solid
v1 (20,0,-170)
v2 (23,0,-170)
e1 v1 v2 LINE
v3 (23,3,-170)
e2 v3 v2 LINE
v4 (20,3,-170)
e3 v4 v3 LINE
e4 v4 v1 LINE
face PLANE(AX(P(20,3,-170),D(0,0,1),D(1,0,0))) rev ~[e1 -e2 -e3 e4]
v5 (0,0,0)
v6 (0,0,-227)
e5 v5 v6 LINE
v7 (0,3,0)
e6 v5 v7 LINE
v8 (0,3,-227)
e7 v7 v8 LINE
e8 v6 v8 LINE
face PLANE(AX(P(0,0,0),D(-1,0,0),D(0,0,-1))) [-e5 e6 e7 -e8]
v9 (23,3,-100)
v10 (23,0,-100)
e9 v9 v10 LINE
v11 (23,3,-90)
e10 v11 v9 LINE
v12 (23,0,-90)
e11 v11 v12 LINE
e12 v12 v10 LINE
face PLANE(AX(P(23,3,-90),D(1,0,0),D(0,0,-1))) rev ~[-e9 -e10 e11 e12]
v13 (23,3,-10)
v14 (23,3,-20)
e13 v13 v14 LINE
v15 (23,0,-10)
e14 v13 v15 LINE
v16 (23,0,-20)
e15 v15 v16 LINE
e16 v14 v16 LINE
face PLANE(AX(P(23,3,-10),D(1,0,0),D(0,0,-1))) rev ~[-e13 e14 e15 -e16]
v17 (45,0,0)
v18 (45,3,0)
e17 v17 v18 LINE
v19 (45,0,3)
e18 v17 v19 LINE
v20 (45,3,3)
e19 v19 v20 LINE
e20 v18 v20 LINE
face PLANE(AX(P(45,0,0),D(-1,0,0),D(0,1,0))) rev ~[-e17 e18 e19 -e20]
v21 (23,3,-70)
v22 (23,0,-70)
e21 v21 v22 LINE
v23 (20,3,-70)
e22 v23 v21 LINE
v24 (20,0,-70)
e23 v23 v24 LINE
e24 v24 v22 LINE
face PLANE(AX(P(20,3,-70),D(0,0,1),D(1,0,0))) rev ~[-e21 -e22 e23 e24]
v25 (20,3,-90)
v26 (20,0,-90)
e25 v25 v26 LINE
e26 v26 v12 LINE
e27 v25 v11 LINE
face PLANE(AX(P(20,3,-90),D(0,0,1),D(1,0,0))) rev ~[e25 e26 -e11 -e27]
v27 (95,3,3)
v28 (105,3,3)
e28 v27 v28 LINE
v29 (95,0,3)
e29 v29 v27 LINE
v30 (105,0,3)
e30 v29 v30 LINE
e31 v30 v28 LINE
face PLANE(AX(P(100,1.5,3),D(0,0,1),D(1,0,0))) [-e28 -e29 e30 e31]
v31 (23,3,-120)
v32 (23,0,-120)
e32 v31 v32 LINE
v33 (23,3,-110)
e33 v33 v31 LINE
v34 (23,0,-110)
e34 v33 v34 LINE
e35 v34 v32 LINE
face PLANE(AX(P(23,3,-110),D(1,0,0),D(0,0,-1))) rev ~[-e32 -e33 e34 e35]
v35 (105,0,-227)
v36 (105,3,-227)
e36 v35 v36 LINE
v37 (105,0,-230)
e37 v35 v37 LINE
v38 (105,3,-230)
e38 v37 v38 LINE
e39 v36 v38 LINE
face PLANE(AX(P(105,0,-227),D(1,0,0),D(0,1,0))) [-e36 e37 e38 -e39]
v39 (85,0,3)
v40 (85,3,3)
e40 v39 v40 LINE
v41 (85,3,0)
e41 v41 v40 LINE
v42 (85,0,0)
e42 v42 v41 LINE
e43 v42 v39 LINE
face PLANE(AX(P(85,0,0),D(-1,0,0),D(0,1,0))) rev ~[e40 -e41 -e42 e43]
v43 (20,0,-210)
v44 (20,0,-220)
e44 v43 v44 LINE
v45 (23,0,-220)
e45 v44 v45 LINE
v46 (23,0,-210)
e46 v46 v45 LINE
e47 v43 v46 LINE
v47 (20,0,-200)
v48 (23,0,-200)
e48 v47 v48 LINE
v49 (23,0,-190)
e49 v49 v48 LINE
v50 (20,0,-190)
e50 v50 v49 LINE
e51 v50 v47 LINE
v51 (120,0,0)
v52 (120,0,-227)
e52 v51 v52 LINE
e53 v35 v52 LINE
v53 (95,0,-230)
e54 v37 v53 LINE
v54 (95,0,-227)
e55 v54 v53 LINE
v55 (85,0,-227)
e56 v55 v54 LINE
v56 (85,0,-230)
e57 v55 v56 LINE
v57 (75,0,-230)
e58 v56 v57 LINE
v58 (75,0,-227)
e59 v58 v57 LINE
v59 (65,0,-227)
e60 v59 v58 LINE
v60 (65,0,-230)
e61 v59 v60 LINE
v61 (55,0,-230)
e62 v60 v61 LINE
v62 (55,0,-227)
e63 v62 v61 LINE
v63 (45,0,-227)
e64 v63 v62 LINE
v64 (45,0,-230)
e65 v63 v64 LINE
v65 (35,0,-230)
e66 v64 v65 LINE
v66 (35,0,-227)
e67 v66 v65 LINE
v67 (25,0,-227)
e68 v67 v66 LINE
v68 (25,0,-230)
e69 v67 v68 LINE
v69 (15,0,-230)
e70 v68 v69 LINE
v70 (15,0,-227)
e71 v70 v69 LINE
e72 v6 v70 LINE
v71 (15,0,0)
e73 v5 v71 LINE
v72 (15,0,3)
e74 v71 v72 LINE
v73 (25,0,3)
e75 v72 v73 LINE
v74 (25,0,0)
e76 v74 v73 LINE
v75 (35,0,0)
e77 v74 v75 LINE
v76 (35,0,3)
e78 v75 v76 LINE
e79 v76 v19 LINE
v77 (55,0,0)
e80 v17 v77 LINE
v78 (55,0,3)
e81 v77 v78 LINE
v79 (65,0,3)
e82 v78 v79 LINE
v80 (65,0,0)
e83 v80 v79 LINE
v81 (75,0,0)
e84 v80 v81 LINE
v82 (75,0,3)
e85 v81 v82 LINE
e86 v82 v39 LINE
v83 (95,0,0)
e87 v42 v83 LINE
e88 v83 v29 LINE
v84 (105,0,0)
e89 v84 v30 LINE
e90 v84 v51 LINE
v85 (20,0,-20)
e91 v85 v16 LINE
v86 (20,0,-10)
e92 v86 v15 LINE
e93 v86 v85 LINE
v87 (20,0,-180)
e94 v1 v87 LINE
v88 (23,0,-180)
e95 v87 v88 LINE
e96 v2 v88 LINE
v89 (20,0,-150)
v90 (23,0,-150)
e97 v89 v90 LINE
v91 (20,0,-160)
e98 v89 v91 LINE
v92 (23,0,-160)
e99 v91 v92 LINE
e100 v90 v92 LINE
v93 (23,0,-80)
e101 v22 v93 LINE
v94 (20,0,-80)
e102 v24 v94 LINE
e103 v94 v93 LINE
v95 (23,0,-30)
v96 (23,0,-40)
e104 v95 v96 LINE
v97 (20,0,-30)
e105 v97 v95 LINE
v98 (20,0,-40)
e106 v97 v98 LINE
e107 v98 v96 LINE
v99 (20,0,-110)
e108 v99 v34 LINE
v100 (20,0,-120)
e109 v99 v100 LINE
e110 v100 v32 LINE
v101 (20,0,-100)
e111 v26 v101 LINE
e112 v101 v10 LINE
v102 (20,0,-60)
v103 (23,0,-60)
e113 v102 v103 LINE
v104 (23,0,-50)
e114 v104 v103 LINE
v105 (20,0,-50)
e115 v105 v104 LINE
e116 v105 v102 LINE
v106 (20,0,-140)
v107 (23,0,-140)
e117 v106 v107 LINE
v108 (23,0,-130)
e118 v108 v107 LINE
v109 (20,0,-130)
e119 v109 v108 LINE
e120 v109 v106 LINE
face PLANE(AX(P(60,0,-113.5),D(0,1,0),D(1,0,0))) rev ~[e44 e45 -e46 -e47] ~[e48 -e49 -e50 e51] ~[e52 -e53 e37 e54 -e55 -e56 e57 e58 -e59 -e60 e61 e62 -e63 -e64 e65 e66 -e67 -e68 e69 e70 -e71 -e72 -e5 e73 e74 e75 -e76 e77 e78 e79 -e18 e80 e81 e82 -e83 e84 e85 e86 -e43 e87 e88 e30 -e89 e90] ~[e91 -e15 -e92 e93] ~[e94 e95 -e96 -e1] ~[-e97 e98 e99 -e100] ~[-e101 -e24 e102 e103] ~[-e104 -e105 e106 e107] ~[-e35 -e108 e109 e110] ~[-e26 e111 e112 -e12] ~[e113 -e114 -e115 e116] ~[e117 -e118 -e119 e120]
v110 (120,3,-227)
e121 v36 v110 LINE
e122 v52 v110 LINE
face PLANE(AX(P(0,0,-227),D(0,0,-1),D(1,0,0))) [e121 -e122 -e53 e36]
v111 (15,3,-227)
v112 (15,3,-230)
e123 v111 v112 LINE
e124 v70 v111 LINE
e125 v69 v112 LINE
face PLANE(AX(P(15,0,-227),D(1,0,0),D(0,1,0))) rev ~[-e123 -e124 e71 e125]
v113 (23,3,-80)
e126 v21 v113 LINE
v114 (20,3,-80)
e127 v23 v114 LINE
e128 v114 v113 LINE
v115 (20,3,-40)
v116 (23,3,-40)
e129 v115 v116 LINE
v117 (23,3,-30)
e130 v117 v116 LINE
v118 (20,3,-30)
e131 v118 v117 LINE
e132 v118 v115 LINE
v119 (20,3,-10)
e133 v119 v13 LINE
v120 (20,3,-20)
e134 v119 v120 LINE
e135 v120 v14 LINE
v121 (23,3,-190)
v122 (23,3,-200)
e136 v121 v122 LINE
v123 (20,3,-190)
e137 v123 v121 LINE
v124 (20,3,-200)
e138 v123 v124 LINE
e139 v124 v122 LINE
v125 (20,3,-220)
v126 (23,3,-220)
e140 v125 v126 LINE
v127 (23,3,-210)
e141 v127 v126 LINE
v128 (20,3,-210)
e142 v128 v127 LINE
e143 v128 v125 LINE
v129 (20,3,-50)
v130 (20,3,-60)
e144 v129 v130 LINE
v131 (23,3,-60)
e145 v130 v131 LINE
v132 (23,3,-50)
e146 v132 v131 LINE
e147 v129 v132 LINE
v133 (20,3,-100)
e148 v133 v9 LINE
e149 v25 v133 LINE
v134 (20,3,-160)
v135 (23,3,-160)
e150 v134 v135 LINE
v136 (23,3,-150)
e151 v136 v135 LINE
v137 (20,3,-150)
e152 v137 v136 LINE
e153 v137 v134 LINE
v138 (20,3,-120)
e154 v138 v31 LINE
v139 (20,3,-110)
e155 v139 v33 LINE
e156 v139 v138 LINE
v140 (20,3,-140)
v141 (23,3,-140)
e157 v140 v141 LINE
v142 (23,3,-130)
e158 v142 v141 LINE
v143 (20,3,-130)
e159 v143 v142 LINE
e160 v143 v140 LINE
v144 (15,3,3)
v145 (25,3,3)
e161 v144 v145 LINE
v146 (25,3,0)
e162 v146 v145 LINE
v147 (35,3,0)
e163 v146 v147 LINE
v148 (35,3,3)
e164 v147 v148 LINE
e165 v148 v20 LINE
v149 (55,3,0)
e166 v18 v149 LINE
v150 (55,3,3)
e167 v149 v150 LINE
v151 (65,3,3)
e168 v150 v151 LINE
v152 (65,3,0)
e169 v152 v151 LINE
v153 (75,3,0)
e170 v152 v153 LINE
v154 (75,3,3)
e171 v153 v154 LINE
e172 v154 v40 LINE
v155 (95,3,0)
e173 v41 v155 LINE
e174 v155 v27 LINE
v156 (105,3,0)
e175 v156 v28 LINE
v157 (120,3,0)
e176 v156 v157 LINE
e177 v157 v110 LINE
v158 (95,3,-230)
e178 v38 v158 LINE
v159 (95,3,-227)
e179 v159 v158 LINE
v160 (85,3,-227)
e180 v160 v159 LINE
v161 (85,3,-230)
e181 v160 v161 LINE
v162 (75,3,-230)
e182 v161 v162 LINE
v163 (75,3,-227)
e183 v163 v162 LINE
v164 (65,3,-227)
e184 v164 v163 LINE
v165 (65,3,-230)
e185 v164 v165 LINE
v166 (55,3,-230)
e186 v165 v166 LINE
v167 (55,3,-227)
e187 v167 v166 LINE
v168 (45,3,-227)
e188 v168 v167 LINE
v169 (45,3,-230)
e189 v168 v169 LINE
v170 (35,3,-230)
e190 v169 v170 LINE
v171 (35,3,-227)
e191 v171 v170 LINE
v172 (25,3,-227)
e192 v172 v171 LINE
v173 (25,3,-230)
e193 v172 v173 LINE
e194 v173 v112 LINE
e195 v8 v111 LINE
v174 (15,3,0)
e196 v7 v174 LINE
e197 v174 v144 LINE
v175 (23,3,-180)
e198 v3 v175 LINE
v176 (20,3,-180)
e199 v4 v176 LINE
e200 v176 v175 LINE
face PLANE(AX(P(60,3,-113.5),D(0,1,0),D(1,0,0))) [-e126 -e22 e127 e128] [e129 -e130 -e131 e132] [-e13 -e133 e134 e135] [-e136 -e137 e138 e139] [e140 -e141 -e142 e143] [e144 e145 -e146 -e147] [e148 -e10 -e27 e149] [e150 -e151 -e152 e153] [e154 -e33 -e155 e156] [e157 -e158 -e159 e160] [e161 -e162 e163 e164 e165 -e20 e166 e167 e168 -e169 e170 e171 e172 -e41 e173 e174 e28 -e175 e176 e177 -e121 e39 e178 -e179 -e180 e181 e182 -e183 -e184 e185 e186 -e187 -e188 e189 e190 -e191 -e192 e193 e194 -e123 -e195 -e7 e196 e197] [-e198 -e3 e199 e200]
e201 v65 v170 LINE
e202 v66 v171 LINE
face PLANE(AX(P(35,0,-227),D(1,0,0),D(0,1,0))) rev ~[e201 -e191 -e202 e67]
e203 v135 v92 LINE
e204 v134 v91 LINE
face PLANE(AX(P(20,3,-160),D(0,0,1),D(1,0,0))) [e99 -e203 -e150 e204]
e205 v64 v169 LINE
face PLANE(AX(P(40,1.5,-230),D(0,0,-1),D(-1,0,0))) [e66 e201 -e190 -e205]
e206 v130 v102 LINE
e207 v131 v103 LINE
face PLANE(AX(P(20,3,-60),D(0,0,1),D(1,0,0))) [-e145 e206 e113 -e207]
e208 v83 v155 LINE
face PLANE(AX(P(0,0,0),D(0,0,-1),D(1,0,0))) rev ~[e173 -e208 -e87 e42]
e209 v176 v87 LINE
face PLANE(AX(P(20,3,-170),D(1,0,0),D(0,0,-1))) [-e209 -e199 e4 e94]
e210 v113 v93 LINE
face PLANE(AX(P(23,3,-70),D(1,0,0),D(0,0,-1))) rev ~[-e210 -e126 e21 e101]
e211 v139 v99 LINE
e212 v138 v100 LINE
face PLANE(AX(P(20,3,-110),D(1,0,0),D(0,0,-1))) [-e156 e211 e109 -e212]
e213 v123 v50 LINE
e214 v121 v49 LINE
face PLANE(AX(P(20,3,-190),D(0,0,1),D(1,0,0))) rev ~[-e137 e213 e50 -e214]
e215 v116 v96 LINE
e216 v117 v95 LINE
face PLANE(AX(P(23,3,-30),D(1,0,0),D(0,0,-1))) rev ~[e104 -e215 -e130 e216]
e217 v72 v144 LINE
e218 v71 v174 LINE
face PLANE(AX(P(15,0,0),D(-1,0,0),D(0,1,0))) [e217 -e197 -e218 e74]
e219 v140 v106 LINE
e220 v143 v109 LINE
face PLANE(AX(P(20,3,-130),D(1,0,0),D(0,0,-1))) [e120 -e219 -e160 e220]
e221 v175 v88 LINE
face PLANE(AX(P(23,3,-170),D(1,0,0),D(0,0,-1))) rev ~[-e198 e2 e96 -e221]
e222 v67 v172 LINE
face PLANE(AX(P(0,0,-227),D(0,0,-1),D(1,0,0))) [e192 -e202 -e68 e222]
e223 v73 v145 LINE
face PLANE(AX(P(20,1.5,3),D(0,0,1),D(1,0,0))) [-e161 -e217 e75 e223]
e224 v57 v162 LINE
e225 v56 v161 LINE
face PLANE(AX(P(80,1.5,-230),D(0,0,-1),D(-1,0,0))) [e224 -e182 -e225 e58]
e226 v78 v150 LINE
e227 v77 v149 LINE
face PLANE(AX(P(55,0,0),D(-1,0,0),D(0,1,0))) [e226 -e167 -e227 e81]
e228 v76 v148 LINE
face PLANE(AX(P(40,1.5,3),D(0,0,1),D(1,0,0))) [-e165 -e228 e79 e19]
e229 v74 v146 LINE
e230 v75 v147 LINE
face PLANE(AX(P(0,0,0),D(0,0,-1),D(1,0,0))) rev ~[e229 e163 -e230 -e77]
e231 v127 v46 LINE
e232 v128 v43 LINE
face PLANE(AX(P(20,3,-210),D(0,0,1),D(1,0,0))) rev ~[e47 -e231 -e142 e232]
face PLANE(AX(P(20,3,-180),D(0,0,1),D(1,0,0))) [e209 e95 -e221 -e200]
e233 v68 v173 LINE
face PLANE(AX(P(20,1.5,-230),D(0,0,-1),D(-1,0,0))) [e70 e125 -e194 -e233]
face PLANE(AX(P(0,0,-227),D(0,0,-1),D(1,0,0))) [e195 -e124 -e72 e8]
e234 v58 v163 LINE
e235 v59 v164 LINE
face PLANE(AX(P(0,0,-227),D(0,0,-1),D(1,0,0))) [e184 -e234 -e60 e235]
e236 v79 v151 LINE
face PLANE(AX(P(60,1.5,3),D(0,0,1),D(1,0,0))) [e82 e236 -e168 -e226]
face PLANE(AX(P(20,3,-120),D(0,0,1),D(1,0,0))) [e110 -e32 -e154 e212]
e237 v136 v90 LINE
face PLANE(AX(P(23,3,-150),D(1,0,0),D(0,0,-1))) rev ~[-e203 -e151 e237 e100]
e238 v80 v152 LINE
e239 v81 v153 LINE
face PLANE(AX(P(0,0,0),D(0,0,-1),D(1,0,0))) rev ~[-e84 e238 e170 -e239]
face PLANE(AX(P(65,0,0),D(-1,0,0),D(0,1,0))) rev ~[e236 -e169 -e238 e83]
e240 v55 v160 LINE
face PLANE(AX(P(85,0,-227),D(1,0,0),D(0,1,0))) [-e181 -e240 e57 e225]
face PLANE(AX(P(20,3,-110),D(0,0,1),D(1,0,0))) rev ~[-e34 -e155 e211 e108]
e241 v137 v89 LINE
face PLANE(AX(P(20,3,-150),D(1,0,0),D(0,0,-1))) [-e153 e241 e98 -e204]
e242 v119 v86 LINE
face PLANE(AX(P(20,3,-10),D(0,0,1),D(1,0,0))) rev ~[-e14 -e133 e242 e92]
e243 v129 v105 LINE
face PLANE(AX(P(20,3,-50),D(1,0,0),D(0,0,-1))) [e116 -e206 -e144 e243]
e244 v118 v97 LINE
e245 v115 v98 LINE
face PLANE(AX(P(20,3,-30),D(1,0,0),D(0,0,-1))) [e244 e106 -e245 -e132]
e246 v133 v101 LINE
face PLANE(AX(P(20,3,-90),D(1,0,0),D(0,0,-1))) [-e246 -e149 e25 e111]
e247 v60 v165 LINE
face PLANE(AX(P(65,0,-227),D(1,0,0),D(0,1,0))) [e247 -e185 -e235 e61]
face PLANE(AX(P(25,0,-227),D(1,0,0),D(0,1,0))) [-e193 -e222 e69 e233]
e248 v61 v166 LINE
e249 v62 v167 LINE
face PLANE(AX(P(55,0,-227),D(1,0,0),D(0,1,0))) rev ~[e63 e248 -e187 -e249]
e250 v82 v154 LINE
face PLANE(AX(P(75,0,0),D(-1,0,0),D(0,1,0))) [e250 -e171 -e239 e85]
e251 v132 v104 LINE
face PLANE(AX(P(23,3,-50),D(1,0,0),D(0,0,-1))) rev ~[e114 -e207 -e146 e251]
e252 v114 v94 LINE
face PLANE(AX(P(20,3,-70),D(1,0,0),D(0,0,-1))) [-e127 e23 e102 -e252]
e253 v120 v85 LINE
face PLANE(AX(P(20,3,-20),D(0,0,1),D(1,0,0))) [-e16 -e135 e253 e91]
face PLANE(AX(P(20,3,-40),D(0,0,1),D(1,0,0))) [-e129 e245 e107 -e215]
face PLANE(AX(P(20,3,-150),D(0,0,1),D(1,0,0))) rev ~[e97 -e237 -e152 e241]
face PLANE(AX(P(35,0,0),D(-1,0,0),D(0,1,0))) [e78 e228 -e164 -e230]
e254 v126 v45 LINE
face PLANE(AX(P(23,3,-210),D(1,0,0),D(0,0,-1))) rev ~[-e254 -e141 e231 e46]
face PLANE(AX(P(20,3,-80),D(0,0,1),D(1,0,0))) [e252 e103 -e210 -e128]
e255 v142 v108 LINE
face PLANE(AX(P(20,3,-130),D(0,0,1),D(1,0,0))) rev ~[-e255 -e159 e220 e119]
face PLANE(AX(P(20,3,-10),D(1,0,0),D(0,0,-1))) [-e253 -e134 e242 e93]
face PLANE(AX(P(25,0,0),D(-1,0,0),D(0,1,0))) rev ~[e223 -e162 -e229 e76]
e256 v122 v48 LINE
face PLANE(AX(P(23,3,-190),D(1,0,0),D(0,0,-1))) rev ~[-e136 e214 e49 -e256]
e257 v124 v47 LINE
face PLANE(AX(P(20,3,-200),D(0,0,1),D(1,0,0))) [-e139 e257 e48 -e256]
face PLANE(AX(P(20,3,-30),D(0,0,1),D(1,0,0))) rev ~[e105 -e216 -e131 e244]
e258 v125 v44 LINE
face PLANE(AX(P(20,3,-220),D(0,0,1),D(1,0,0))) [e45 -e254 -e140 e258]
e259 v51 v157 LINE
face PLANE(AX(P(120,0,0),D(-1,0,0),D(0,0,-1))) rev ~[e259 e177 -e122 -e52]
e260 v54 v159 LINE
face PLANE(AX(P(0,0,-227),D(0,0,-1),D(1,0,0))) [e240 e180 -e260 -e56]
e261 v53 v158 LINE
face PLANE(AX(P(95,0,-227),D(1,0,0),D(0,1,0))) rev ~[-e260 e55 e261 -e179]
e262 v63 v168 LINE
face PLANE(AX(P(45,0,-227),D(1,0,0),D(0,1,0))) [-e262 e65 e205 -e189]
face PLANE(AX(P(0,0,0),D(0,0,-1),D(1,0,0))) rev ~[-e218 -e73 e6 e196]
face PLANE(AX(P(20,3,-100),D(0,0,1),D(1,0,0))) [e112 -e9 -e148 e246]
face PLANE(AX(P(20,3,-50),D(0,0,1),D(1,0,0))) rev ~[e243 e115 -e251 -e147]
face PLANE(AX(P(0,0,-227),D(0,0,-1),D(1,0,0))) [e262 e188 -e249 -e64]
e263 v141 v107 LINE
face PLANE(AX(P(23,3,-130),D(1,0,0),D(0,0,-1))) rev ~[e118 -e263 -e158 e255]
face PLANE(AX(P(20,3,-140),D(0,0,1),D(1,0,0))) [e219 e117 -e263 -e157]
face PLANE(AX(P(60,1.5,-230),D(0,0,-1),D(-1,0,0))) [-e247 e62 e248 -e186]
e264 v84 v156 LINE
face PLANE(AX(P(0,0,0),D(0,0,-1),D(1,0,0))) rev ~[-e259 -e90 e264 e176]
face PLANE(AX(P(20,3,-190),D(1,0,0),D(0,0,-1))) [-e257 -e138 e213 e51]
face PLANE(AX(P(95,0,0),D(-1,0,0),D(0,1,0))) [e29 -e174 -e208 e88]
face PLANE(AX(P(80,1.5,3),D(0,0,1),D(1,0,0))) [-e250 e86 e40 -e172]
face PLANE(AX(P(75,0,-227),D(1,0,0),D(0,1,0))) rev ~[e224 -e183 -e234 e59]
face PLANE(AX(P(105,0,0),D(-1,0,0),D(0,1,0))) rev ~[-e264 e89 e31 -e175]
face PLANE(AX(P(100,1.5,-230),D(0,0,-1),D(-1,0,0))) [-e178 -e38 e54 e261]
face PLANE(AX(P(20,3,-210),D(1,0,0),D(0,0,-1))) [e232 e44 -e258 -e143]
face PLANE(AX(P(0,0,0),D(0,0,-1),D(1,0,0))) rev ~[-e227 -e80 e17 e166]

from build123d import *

# Parameters (mm, degrees)
SKETCH1_W           = 120
SKETCH1_H           = 227
BOSS_EXTRUDE1_DEPTH = 3
SKETCH2_W           = 10
SKETCH2_H           = 3
BOSS_EXTRUDE2_DEPTH = 3
LPATTERN1_COUNT     = 5
LPATTERN1_PITCH     = 20
SKETCH3_W           = 10
SKETCH3_H           = 3
BOSS_EXTRUDE3_DEPTH = 3
LPATTERN2_COUNT     = 5
LPATTERN2_PITCH     = 20
SKETCH4_W           = 3
SKETCH4_H           = 10
CUT_EXTRUDE1_DEPTH  = 4
LPATTERN3_COUNT     = 11
LPATTERN3_PITCH     = 20


with BuildPart() as part:
    # Sketch1 → Boss-Extrude1 (new body)
    with BuildSketch(Plane(origin=(0, 0, 0), x_dir=(1, 0, 0), z_dir=(0, 1, 0))):
        with Locations((60, 113.5)):
            Rectangle(SKETCH1_W, SKETCH1_H)
    extrude(amount=BOSS_EXTRUDE1_DEPTH)

    # Sketch2 → Boss-Extrude2 (add)
    with BuildSketch(Plane.XY):
        with Locations((20, 1.5)):
            Rectangle(SKETCH2_W, SKETCH2_H)
    boss_extrude2 = extrude(amount=BOSS_EXTRUDE2_DEPTH)

    # LPattern1: Boss-Extrude2 ×5
    with Locations(*[(i * LPATTERN1_PITCH, 0, 0) for i in range(1, LPATTERN1_COUNT)]):
        add(boss_extrude2)

    # Sketch3 → Boss-Extrude3 (add)
    with BuildSketch(Plane(origin=(0, 0, -227), x_dir=(-1, 0, 0), z_dir=(0, 0, -1))):
        with Locations((-100, 1.5)):
            Rectangle(SKETCH3_W, SKETCH3_H)
    boss_extrude3 = extrude(amount=BOSS_EXTRUDE3_DEPTH)

    # LPattern2: Boss-Extrude3 ×5
    with Locations(*[(-i * LPATTERN2_PITCH, 0, 0) for i in range(1, LPATTERN2_COUNT)]):
        add(boss_extrude3)

    # Sketch4 → Cut-Extrude1 (cut, through all)
    with BuildSketch(Plane(origin=(0, 3, 0), x_dir=(1, 0, 0), z_dir=(0, 1, 0))):
        with Locations((21.5, 15)):
            Rectangle(SKETCH4_W, SKETCH4_H)
    cut_extrude1 = extrude(amount=-CUT_EXTRUDE1_DEPTH, mode=Mode.SUBTRACT)

    # LPattern3: Cut-Extrude1 ×11
    with Locations(*[(0, 0, -i * LPATTERN3_PITCH) for i in range(1, LPATTERN3_COUNT)]):
        add(cut_extrude1, mode=Mode.SUBTRACT)


solid = part.part
